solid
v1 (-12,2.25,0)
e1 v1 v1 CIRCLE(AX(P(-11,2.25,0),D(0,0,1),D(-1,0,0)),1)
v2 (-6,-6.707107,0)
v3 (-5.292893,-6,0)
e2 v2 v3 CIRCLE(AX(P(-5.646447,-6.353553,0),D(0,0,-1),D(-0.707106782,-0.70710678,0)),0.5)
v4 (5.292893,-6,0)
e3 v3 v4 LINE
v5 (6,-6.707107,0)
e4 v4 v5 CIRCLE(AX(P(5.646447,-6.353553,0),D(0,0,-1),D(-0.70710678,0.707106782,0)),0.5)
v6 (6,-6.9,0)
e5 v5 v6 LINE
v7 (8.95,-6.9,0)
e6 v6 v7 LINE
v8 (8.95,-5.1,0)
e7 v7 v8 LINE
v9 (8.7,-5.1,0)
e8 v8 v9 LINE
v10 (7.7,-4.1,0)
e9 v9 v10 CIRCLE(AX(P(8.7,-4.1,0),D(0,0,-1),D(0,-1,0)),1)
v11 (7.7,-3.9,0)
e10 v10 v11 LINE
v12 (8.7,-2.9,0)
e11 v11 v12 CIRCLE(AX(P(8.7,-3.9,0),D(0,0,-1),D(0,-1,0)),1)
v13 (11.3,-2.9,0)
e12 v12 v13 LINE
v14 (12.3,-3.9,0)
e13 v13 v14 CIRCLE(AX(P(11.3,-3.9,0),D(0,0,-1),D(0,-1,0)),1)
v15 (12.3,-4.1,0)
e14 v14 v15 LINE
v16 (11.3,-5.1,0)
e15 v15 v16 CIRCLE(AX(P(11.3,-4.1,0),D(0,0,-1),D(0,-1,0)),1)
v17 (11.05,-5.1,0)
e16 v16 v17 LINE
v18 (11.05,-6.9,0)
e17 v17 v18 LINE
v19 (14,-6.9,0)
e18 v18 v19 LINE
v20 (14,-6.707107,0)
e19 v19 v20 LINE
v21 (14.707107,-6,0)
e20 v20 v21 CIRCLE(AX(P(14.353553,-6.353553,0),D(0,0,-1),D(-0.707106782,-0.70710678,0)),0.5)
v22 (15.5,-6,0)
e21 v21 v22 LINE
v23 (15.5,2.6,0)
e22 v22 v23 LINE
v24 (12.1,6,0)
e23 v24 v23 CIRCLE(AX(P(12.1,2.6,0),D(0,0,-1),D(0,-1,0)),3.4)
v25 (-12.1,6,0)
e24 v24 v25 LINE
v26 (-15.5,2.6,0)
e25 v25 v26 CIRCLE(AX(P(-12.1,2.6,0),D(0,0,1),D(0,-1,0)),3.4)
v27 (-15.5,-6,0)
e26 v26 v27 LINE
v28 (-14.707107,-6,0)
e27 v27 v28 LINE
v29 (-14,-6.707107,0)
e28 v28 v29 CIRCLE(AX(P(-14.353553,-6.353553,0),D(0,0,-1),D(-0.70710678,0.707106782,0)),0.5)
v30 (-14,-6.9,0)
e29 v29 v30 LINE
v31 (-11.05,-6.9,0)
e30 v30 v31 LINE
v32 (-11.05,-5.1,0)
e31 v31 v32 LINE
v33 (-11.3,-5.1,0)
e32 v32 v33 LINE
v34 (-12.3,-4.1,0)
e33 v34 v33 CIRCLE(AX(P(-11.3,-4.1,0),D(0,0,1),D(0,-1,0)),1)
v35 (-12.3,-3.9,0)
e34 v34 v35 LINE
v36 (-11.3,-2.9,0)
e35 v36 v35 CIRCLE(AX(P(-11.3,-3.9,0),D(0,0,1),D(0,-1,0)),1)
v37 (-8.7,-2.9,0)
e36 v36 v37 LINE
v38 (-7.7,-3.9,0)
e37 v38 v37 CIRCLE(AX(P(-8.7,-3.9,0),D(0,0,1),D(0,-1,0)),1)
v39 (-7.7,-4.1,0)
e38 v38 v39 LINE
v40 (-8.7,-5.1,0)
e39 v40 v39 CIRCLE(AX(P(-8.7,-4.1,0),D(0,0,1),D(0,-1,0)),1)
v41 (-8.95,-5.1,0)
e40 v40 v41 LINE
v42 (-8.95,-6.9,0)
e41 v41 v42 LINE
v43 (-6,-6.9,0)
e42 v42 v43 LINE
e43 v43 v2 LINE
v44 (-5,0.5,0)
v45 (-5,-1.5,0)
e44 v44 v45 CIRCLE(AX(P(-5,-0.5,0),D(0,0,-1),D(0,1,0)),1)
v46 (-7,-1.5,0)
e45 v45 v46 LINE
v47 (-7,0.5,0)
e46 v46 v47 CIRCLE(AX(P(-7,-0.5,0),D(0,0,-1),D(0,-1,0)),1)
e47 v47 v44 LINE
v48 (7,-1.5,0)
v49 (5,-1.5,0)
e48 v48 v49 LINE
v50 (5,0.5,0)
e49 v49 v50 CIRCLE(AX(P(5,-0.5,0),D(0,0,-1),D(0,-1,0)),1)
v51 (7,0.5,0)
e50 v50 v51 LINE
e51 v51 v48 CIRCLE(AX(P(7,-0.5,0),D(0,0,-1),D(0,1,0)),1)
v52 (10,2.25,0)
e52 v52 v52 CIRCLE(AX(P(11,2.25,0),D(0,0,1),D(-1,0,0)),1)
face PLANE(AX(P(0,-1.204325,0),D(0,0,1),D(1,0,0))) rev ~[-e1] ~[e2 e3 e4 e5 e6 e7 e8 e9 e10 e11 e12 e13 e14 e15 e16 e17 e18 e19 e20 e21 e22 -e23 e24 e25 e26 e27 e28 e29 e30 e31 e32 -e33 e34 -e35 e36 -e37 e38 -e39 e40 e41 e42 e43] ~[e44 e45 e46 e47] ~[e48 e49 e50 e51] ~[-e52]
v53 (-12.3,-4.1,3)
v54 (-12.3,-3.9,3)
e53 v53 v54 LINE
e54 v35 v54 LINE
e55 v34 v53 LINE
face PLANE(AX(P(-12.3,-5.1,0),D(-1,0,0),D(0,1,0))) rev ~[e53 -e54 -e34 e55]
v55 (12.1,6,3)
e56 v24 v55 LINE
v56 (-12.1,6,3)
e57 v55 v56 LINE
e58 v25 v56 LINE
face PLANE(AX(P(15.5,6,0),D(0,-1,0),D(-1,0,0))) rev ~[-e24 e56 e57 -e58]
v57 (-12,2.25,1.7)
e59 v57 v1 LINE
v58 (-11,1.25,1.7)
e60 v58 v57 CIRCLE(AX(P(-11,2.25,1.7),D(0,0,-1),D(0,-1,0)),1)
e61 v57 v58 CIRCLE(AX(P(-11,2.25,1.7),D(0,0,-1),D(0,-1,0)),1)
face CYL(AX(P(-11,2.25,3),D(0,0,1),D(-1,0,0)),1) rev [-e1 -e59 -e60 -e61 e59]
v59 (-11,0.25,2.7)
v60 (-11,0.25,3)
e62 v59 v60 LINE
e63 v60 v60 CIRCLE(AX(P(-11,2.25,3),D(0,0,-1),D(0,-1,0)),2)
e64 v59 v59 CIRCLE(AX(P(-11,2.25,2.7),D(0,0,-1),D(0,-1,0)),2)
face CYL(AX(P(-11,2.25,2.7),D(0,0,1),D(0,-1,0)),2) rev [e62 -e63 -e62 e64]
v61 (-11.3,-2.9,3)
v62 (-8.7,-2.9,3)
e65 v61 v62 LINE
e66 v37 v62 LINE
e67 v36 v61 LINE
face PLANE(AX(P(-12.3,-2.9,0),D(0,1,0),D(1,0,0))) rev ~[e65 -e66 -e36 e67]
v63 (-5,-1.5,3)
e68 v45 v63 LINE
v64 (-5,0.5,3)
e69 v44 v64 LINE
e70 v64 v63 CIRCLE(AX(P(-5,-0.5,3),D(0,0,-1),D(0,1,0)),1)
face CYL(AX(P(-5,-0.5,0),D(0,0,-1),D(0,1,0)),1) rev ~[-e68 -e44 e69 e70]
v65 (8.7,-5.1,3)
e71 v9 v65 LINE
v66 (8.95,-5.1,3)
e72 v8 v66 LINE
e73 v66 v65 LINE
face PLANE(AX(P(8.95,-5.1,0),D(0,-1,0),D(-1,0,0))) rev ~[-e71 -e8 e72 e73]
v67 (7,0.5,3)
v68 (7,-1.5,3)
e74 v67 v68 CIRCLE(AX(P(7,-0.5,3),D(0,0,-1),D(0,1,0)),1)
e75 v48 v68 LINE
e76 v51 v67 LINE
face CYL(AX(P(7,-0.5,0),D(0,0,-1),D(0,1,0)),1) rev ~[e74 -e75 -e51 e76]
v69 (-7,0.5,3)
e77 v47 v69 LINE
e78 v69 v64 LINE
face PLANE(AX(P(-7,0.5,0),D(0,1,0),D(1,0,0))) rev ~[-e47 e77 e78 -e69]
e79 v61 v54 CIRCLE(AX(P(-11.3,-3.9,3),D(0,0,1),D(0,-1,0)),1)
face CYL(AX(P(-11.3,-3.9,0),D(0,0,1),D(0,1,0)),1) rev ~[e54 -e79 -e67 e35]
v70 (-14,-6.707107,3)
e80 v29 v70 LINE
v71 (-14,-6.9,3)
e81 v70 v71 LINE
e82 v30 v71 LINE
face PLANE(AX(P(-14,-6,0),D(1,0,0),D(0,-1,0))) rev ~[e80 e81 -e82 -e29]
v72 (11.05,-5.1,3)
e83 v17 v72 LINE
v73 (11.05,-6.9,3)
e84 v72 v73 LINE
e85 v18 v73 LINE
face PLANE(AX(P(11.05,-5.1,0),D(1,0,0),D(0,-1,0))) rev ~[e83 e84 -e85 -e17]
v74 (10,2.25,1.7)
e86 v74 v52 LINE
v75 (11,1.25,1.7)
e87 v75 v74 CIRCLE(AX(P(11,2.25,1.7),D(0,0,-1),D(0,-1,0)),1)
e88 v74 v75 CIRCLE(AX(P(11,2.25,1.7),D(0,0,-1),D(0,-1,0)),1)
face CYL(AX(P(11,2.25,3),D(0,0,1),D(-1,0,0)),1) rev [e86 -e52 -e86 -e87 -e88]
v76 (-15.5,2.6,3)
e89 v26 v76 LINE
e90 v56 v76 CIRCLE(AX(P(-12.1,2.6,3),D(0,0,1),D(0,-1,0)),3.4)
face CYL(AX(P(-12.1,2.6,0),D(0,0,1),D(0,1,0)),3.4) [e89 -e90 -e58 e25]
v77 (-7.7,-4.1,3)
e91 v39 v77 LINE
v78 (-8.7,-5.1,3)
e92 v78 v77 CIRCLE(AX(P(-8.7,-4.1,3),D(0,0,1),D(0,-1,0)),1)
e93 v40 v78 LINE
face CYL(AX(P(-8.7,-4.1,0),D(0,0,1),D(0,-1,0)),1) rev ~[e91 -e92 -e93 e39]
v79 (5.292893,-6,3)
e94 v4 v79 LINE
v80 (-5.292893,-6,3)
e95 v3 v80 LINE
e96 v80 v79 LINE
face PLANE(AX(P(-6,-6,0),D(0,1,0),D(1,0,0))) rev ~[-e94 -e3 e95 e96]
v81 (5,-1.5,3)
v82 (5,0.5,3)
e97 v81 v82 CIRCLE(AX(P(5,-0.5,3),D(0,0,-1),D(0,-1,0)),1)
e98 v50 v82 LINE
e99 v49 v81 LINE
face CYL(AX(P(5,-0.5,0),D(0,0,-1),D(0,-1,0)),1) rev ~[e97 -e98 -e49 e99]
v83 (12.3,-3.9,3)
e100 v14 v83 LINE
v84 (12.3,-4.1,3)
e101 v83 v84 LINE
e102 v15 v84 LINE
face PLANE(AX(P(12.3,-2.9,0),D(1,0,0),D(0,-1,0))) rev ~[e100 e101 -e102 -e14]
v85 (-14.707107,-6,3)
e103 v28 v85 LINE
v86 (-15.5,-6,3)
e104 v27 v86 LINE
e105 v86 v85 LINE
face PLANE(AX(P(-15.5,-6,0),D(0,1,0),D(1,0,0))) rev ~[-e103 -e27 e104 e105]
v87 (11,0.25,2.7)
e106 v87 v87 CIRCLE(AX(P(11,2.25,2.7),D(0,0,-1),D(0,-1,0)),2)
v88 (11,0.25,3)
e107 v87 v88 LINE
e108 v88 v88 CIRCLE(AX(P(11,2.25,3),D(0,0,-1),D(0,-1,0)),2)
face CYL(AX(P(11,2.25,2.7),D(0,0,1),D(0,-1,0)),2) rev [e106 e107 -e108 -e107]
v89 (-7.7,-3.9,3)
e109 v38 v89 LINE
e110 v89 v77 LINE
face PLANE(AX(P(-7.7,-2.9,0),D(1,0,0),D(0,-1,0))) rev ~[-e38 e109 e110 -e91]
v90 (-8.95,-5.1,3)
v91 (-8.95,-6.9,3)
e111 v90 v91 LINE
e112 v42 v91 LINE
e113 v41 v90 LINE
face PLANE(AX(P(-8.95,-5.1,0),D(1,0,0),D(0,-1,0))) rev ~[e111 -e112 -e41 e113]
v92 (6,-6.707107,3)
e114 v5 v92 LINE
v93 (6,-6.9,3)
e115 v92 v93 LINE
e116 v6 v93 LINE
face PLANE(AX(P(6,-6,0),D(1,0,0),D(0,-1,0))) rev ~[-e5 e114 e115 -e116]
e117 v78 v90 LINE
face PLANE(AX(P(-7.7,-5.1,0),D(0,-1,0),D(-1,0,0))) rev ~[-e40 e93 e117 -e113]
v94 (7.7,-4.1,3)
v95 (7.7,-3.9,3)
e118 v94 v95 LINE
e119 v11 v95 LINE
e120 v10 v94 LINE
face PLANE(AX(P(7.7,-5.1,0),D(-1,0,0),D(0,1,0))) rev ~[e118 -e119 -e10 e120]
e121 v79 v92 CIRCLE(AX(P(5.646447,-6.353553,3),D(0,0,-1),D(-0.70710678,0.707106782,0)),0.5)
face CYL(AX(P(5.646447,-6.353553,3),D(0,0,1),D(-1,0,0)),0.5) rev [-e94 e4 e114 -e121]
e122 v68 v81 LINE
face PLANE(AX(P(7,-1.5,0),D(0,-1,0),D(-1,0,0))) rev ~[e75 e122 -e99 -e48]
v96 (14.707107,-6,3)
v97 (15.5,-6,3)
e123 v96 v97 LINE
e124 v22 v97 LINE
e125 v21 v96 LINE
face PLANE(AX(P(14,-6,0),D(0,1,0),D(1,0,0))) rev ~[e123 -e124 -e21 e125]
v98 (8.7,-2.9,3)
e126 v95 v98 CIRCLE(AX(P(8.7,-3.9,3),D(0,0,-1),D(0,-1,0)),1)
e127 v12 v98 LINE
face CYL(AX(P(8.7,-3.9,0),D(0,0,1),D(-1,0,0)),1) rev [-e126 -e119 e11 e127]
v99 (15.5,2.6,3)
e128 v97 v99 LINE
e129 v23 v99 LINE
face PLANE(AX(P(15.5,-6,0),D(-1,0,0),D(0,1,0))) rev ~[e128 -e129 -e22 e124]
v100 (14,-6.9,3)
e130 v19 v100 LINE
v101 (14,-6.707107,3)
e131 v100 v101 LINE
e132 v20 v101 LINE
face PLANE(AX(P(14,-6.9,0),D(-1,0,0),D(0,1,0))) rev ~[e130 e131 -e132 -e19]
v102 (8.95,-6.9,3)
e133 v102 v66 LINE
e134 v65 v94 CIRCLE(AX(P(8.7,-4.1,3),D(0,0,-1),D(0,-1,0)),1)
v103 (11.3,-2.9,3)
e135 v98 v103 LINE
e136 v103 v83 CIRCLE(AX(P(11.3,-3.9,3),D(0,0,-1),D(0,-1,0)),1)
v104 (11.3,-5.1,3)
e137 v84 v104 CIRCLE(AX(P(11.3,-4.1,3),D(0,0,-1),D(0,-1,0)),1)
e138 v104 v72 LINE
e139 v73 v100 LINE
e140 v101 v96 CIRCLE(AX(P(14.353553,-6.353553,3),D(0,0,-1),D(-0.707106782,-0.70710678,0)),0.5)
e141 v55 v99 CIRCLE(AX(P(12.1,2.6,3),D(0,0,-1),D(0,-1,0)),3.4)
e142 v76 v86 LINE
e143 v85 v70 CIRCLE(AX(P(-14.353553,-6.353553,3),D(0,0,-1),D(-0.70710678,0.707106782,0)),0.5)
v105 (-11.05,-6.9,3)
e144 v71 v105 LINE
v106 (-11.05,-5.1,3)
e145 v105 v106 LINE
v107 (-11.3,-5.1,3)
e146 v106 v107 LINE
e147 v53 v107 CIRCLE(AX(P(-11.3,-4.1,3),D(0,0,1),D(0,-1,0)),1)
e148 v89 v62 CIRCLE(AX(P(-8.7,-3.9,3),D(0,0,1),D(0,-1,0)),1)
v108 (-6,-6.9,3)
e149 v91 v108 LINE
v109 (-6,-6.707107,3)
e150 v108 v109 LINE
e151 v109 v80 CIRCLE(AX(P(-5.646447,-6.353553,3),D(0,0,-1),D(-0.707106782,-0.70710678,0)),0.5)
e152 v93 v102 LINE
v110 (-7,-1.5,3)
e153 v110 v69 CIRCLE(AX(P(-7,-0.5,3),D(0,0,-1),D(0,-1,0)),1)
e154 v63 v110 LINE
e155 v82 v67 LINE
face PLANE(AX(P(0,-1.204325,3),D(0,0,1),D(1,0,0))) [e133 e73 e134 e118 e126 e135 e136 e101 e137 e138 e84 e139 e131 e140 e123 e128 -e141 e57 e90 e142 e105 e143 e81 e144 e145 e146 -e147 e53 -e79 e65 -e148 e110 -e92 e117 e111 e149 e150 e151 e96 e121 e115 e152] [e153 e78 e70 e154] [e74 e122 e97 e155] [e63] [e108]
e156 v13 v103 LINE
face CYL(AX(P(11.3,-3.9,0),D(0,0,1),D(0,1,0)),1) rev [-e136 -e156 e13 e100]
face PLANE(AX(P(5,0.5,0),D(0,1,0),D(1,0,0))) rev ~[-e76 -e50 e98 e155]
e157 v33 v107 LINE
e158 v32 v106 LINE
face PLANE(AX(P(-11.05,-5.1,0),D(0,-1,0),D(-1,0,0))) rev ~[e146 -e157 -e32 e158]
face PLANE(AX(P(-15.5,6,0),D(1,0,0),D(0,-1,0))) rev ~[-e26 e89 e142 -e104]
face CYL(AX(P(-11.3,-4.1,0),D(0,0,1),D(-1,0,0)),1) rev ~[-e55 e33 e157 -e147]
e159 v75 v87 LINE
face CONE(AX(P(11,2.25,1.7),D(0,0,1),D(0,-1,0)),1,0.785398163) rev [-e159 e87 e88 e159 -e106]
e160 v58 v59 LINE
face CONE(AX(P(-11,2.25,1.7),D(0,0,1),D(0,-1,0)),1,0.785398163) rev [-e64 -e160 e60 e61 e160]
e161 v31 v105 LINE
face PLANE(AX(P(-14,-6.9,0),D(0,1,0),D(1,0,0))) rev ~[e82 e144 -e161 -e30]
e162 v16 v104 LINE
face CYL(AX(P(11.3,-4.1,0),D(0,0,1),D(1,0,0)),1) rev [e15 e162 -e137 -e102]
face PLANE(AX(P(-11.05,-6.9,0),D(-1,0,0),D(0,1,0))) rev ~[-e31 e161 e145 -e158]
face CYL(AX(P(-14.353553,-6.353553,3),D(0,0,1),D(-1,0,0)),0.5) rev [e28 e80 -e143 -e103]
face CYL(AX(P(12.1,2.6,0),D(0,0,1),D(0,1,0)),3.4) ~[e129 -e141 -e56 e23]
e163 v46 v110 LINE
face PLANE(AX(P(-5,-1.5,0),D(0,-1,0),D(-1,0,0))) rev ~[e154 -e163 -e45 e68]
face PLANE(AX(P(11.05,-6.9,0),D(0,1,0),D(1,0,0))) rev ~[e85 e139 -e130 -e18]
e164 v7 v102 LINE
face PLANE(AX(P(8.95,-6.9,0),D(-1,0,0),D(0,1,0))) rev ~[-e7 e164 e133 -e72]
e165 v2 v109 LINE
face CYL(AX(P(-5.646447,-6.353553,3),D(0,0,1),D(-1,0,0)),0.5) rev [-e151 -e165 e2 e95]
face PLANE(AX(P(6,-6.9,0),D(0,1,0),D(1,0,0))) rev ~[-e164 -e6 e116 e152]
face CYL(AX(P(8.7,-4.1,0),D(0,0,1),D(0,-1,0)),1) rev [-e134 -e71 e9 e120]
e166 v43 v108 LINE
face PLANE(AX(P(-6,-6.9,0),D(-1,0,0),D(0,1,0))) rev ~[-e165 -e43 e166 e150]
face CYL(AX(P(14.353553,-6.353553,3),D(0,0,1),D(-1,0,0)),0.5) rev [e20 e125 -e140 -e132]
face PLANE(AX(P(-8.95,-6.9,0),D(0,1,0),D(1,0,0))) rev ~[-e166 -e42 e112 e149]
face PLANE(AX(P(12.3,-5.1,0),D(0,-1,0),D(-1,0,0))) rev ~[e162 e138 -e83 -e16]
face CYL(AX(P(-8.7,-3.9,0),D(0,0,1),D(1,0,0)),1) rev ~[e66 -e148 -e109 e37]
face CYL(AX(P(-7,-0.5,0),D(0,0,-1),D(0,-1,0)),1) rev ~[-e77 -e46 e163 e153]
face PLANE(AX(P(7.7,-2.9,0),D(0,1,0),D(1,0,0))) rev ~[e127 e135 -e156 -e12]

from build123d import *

# Parameters (mm, degrees)
BASE_SHAPE_DEPTH                               = 3
EDGE_RADIUSES_R                                = 3.4
CAMERA_MOUNT_HOLES_REACH                       = 5
SKETCH3_R                                      = 1
CSK_FOR_M2_FLAT_HEAD_MACHINE_SCREW1_AT_2_COUNT = 2
CSK_FOR_M2_FLAT_HEAD_MACHINE_SCREW1_AT_2_PITCH = 22
MILLING_RADIUSES_R                             = 1
SKETCH8_R                                      = 0.5
MILLING_CUTS_1MM_DEPTH                         = 3


with BuildPart() as part:
    # Sketch1 → Base shape (new body)
    with BuildSketch(Plane.XY):
        Polygon((15.5, 6), (-15.5, 6), (-15.5, -6), (-14, -6), (-14, -6.9), (-11.05, -6.9), (-11.05, -5.1), (-12.3, -5.1), (-12.3, -2.9), (-7.7, -2.9), (-7.7, -5.1), (-8.95, -5.1), (-8.95, -6.9), (-6, -6.9), (-6, -6), (6, -6), (6, -6.9), (8.95, -6.9), (8.95, -5.1), (7.7, -5.1), (7.7, -2.9), (12.3, -2.9), (12.3, -5.1), (11.05, -5.1), (11.05, -6.9), (14, -6.9), (14, -6), (15.5, -6), align=None)
        with BuildLine():
            Line((-5, -1.5), (-7, -1.5))
            ThreePointArc((-7, -1.5), (-8, -0.5), (-7, 0.5))
            Line((-7, 0.5), (-5, 0.5))
            ThreePointArc((-5, 0.5), (-4, -0.5), (-5, -1.5))
        make_face(mode=Mode.SUBTRACT)
        with BuildLine():
            ThreePointArc((7, 0.5), (8, -0.5), (7, -1.5))
            Line((7, -1.5), (5, -1.5))
            ThreePointArc((5, -1.5), (4, -0.5), (5, 0.5))
            Line((5, 0.5), (7, 0.5))
        make_face(mode=Mode.SUBTRACT)
    extrude(amount=BASE_SHAPE_DEPTH)

    # Edge radiuses
    edge_radiuses_edges = [part.edges().sort_by_distance(p)[0] for p in [
        (-15.5, 6, 1.5),
        (15.5, 6, 1.5),
    ]]
    fillet(edge_radiuses_edges, radius=EDGE_RADIUSES_R)

    # Sketch3 → Camera mount holes (cut, up to next)
    with BuildSketch(Plane(origin=(0, 0, 3), x_dir=(-1, 0, 0), z_dir=(0, 0, -1)), mode=Mode.PRIVATE) as camera_mount_holes_sk1:
        with Locations((-11, 2.25)):
            Circle(SKETCH3_R)
    camera_mount_holes_tool1 = extrude(camera_mount_holes_sk1.sketch, amount=CAMERA_MOUNT_HOLES_REACH, mode=Mode.PRIVATE) & part.part
    add(camera_mount_holes_tool1.solids().sort_by_distance((11, 2.25, 3))[0], mode=Mode.SUBTRACT)
    # Sketch3 → Camera mount holes (cut, up to next)
    with BuildSketch(Plane(origin=(0, 0, 3), x_dir=(-1, 0, 0), z_dir=(0, 0, -1)), mode=Mode.PRIVATE) as camera_mount_holes_sk2:
        with Locations((11, 2.25)):
            Circle(SKETCH3_R)
    camera_mount_holes_tool2 = extrude(camera_mount_holes_sk2.sketch, amount=CAMERA_MOUNT_HOLES_REACH, mode=Mode.PRIVATE) & part.part
    add(camera_mount_holes_tool2.solids().sort_by_distance((-11, 2.25, 3))[0], mode=Mode.SUBTRACT)

    # Sketch5 → CSK for M2 Flat Head Machine Screw1 (revolve, cut)
    with BuildSketch(Plane(origin=(-11, 2.25, 3), x_dir=(0, -1, 0), z_dir=(1, 0, 0))):
        Polygon((0, 0), (0, 3), (1, 3), (1, 1.3), (2, 0.3), (2, 0), align=None)
    csk_for_m2_flat_head_machine_screw1 = revolve(axis=Axis((-11, 2.25, 9.35), (0, 0, -1)), mode=Mode.SUBTRACT)

    # CSK for M2 Flat Head Machine Screw1 at 2: CSK for M2 Flat Head Machine Screw1 ×2
    with Locations(*[(i * CSK_FOR_M2_FLAT_HEAD_MACHINE_SCREW1_AT_2_PITCH, 0, 0) for i in range(1, CSK_FOR_M2_FLAT_HEAD_MACHINE_SCREW1_AT_2_COUNT)]):
        add(csk_for_m2_flat_head_machine_screw1, mode=Mode.SUBTRACT)

    # Milling radiuses
    milling_radiuses_edges = [part.edges().sort_by_distance(p)[0] for p in [
        (-7.7, -5.1, 1.5),
        (-7.7, -2.9, 1.5),
        (-12.3, -2.9, 1.5),
        (-12.3, -5.1, 1.5),
        (12.3, -5.1, 1.5),
        (12.3, -2.9, 1.5),
        (7.7, -2.9, 1.5),
        (7.7, -5.1, 1.5),
    ]]
    fillet(milling_radiuses_edges, radius=MILLING_RADIUSES_R)

    # Sketch8 → Milling cuts 1mm (cut)
    with BuildSketch(Plane(origin=(0, 0, 3), x_dir=(-1, 0, 0), z_dir=(0, 0, -1))):
        with Locations((-14.353553391, -6.353553391)):
            Circle(SKETCH8_R)
        with Locations((14.353553391, -6.353553391)):
            Circle(SKETCH8_R)
        with Locations((-5.646446609, -6.353553391)):
            Circle(SKETCH8_R)
        with Locations((5.646446609, -6.353553391)):
            Circle(SKETCH8_R)
    extrude(amount=MILLING_CUTS_1MM_DEPTH, mode=Mode.SUBTRACT)


solid = part.part
